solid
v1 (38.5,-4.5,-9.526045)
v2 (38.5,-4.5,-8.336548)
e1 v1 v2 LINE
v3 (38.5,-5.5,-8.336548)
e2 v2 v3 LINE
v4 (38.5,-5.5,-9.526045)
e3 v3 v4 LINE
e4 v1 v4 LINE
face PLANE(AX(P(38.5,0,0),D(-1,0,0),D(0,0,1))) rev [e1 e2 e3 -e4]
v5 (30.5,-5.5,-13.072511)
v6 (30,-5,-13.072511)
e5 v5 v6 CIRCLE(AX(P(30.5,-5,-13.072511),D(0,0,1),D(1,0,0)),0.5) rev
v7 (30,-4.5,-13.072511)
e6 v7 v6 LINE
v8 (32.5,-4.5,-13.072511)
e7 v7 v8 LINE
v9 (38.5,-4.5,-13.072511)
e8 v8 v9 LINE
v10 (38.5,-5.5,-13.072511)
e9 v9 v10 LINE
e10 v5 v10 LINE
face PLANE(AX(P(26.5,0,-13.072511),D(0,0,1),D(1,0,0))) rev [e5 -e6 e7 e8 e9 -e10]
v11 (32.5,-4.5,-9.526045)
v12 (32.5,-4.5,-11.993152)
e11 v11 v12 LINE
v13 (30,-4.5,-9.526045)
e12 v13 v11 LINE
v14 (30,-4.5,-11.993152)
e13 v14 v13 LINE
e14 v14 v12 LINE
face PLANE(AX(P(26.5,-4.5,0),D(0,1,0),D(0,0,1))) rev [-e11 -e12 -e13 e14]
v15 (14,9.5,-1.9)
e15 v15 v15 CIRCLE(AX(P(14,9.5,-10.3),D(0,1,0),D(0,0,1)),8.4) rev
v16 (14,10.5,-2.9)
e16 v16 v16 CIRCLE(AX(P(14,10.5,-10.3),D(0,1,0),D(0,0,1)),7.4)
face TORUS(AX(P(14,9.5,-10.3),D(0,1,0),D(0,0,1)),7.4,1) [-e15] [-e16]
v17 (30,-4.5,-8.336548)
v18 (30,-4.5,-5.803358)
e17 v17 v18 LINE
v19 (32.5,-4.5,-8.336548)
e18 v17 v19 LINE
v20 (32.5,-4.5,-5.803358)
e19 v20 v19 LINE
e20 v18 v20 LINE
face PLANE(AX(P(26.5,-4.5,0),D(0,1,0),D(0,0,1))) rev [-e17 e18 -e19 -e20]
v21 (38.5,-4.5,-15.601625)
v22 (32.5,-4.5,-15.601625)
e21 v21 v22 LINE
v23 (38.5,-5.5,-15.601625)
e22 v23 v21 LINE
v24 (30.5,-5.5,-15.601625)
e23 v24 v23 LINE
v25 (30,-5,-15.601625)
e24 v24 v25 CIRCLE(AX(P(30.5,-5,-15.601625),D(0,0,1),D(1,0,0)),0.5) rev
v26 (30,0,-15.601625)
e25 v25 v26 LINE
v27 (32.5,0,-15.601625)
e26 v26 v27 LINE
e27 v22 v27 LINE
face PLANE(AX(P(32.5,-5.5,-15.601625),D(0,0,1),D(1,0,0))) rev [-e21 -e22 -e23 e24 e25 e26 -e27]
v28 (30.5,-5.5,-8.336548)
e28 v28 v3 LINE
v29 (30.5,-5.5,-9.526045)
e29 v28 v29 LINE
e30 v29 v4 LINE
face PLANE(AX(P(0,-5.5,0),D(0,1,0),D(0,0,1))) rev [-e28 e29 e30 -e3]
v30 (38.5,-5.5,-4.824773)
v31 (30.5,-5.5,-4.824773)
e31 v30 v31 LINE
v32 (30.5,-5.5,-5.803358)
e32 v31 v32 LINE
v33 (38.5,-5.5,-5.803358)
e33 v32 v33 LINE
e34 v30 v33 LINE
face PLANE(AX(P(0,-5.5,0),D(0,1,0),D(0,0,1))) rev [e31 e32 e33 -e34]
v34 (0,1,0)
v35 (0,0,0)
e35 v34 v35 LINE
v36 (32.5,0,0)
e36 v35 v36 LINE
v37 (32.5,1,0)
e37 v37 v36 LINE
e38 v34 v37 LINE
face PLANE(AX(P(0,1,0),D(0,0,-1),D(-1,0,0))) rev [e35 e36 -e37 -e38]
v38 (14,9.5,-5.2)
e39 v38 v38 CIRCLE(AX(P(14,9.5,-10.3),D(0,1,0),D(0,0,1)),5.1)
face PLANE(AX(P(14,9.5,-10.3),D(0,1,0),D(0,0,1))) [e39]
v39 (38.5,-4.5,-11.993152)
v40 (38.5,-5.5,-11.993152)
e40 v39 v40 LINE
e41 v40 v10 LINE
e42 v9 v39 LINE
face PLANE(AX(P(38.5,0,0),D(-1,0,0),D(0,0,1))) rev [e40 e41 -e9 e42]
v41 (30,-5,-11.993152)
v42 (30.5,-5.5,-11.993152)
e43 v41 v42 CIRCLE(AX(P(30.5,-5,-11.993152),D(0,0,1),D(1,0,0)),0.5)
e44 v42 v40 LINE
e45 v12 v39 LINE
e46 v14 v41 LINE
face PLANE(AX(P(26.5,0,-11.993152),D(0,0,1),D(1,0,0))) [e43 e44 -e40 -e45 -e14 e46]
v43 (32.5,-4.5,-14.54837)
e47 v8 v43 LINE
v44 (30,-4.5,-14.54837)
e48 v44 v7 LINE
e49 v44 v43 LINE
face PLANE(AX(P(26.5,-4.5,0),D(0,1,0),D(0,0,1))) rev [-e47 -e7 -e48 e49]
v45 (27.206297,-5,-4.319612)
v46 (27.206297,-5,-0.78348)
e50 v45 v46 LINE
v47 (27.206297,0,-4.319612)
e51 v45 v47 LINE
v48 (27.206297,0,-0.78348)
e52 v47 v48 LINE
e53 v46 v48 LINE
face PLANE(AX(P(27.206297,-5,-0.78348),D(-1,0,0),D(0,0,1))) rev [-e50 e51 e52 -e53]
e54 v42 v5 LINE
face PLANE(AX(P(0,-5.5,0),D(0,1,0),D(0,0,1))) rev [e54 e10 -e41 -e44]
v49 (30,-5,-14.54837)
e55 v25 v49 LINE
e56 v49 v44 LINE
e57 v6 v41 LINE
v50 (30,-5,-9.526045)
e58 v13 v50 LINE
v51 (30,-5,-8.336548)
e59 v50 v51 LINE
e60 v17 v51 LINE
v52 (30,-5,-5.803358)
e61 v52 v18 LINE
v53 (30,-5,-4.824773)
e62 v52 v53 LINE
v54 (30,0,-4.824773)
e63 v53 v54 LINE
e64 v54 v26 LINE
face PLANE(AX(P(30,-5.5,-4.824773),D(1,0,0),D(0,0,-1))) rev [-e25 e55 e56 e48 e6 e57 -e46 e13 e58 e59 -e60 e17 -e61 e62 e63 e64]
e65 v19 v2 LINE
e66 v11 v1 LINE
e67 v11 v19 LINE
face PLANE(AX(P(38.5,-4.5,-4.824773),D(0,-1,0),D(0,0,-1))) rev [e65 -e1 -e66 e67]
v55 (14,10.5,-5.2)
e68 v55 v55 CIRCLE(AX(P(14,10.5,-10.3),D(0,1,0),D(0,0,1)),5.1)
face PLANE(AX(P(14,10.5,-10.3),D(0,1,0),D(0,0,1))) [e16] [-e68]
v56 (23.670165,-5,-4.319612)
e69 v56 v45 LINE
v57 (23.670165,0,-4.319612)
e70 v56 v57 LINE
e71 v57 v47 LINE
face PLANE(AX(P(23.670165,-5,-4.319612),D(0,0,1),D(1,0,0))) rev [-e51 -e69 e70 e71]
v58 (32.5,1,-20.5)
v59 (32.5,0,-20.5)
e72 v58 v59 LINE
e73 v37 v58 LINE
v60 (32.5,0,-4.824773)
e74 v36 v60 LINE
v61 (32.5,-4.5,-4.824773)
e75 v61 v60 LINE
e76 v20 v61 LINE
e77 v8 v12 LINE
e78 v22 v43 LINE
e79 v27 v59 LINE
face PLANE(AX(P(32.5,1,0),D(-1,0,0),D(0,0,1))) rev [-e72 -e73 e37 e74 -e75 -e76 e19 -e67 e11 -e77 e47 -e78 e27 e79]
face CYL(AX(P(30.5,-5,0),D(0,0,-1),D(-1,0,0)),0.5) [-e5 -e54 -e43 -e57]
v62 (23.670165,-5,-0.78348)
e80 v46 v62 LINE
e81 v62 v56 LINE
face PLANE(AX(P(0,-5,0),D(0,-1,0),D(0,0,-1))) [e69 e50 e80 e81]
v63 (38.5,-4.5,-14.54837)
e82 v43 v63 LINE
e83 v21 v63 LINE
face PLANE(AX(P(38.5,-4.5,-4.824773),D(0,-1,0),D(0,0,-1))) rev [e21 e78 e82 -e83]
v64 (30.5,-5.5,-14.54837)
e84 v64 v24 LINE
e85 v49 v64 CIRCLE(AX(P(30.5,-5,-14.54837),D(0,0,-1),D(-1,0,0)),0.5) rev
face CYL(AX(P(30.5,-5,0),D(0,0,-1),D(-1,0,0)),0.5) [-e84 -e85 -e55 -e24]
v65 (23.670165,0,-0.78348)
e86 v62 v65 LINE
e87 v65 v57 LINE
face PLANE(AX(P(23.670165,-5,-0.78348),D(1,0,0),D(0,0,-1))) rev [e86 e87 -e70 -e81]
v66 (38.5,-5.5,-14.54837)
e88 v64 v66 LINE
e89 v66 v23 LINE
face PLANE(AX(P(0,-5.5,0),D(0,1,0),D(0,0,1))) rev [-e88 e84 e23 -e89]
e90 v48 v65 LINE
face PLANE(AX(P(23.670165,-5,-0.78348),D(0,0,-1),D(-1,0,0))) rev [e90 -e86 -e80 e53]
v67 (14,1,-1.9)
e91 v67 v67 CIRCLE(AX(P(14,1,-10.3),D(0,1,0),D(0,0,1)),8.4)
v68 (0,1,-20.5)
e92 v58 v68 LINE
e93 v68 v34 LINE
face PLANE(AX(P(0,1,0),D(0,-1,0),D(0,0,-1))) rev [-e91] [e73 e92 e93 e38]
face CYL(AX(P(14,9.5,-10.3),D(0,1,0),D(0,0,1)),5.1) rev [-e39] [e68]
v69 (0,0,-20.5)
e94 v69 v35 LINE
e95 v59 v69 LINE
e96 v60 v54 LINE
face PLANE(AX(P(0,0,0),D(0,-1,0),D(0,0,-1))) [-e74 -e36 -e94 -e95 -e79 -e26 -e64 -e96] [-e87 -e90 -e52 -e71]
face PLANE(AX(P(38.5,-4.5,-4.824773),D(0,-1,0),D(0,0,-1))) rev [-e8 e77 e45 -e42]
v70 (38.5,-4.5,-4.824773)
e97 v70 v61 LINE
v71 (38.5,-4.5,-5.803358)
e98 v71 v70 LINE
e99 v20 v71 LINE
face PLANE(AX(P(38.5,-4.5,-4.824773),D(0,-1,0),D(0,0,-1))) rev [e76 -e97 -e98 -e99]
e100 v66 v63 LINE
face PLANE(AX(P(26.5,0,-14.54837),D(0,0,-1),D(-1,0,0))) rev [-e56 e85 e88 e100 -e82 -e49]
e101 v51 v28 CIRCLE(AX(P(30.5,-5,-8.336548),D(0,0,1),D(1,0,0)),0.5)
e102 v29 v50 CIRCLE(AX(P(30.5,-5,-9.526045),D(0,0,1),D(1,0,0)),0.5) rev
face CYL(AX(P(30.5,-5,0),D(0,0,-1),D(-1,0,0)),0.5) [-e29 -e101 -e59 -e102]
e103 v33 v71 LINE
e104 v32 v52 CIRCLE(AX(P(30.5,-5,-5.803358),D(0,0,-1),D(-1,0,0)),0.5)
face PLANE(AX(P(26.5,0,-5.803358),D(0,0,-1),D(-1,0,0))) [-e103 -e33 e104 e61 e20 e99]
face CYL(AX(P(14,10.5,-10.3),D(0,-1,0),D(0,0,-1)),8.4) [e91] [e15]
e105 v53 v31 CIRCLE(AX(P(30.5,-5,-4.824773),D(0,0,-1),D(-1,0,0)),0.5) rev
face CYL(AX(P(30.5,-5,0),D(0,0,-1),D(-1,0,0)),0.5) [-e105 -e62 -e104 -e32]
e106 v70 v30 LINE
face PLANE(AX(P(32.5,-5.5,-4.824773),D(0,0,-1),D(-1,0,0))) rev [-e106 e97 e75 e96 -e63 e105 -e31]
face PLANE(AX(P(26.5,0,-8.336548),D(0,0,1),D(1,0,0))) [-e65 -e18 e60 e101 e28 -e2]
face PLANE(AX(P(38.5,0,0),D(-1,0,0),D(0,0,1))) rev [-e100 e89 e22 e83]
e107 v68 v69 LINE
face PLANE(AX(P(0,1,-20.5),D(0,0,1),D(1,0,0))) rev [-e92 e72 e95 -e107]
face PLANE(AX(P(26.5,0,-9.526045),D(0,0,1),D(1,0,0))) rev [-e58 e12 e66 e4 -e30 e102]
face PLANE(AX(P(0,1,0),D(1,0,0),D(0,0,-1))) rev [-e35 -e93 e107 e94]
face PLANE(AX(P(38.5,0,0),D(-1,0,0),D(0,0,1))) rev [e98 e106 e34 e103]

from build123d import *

# Parameters (mm, degrees)
CROQUIS1_W              = 32.5
CROQUIS1_H              = 20.5
SALIENTE_EXTRUIR1_DEPTH = 1
CROQUIS2_R              = 8.4
SALIENTE_EXTRUIR2_DEPTH = 9.5
CROQUIS3_W              = 2.5
CROQUIS3_H              = 10.77685143
SALIENTE_EXTRUIR3_DEPTH = 5.5
CROQUIS4_W              = 10.77685143
CROQUIS4_H              = 1
SALIENTE_EXTRUIR4_DEPTH = 6
CROQUIS5_W              = 3.536132023
CROQUIS5_H              = 3.536132023
SALIENTE_EXTRUIR5_DEPTH = 5
CROQUIS7_R              = 5.1
CORTAR_EXTRUIR1_DEPTH   = 1
REDONDEO1_R             = 1
CROQUIS8_W              = 2.533189813
CROQUIS8_H              = 1
CROQUIS8_W_2            = 2.4671066
CROQUIS8_W_3            = 1.475858413
CORTAR_EXTRUIR2_DEPTH   = 12
REDONDEO2_R             = 0.5


with BuildPart() as part:
    # Croquis1 → Saliente-Extruir1 (new body)
    with BuildSketch(Plane(origin=(0, 0, 0), x_dir=(1, 0, 0), z_dir=(0, 1, 0))):
        with Locations((16.25, 10.25)):
            Rectangle(CROQUIS1_W, CROQUIS1_H)
    extrude(amount=SALIENTE_EXTRUIR1_DEPTH)

    # Croquis2 → Saliente-Extruir2 (add)
    with BuildSketch(Plane(origin=(0, 1, 0), x_dir=(1, 0, 0), z_dir=(0, 1, 0))):
        with Locations(Location((14, 10.3, 0), (0, 0, 270))):
            Circle(CROQUIS2_R)
    extrude(amount=SALIENTE_EXTRUIR2_DEPTH)

    # Croquis3 → Saliente-Extruir3 (add)
    with BuildSketch(Plane.XZ):
        with Locations((31.25, -10.213198871)):
            Rectangle(CROQUIS3_W, CROQUIS3_H)
    extrude(amount=SALIENTE_EXTRUIR3_DEPTH)

    # Croquis4 → Saliente-Extruir4 (add)
    with BuildSketch(Plane(origin=(32.5, 0, 0), x_dir=(0, 0, -1), z_dir=(1, 0, 0))):
        with Locations((10.213198871, -5)):
            Rectangle(CROQUIS4_W, CROQUIS4_H)
    extrude(amount=SALIENTE_EXTRUIR4_DEPTH)

    # Croquis5 → Saliente-Extruir5 (add)
    with BuildSketch(Plane.XZ):
        with Locations((25.43823104, -2.55154591)):
            Rectangle(CROQUIS5_W, CROQUIS5_H)
    extrude(amount=SALIENTE_EXTRUIR5_DEPTH)

    # Croquis7 → Cortar-Extruir1 (cut)
    with BuildSketch(Plane(origin=(0, 10.5, 0), x_dir=(1, 0, 0), z_dir=(0, 1, 0))):
        with Locations(Location((14, 10.3, 0), (0, 0, 270))):
            Circle(CROQUIS7_R)
    extrude(amount=-CORTAR_EXTRUIR1_DEPTH, mode=Mode.SUBTRACT)

    # Redondeo1
    redondeo1_edges = [part.edges().sort_by_distance(p)[0] for p in [
        (14, 10.5, -18.7),
    ]]
    fillet(redondeo1_edges, radius=REDONDEO1_R)

    # Croquis8 → Cortar-Extruir2 (cut)
    with BuildSketch(Plane(origin=(38.5, 0, 0), x_dir=(0, 0, -1), z_dir=(1, 0, 0))):
        with Locations((7.06995271, -5)):
            Rectangle(CROQUIS8_W, CROQUIS8_H)
        with Locations((10.759598741, -5)):
            Rectangle(CROQUIS8_W_2, CROQUIS8_H)
        with Locations((13.810440385, -5)):
            Rectangle(CROQUIS8_W_3, CROQUIS8_H)
    extrude(amount=-CORTAR_EXTRUIR2_DEPTH, mode=Mode.SUBTRACT)

    # Redondeo2
    redondeo2_edges = [part.edges().sort_by_distance(p)[0] for p in [
        (30, -5.5, -5.31406548),
        (30, -5.5, -8.931296528),
        (30, -5.5, -12.53283161),
        (30, -5.5, -15.074997088),
    ]]
    fillet(redondeo2_edges, radius=REDONDEO2_R)


solid = part.part
